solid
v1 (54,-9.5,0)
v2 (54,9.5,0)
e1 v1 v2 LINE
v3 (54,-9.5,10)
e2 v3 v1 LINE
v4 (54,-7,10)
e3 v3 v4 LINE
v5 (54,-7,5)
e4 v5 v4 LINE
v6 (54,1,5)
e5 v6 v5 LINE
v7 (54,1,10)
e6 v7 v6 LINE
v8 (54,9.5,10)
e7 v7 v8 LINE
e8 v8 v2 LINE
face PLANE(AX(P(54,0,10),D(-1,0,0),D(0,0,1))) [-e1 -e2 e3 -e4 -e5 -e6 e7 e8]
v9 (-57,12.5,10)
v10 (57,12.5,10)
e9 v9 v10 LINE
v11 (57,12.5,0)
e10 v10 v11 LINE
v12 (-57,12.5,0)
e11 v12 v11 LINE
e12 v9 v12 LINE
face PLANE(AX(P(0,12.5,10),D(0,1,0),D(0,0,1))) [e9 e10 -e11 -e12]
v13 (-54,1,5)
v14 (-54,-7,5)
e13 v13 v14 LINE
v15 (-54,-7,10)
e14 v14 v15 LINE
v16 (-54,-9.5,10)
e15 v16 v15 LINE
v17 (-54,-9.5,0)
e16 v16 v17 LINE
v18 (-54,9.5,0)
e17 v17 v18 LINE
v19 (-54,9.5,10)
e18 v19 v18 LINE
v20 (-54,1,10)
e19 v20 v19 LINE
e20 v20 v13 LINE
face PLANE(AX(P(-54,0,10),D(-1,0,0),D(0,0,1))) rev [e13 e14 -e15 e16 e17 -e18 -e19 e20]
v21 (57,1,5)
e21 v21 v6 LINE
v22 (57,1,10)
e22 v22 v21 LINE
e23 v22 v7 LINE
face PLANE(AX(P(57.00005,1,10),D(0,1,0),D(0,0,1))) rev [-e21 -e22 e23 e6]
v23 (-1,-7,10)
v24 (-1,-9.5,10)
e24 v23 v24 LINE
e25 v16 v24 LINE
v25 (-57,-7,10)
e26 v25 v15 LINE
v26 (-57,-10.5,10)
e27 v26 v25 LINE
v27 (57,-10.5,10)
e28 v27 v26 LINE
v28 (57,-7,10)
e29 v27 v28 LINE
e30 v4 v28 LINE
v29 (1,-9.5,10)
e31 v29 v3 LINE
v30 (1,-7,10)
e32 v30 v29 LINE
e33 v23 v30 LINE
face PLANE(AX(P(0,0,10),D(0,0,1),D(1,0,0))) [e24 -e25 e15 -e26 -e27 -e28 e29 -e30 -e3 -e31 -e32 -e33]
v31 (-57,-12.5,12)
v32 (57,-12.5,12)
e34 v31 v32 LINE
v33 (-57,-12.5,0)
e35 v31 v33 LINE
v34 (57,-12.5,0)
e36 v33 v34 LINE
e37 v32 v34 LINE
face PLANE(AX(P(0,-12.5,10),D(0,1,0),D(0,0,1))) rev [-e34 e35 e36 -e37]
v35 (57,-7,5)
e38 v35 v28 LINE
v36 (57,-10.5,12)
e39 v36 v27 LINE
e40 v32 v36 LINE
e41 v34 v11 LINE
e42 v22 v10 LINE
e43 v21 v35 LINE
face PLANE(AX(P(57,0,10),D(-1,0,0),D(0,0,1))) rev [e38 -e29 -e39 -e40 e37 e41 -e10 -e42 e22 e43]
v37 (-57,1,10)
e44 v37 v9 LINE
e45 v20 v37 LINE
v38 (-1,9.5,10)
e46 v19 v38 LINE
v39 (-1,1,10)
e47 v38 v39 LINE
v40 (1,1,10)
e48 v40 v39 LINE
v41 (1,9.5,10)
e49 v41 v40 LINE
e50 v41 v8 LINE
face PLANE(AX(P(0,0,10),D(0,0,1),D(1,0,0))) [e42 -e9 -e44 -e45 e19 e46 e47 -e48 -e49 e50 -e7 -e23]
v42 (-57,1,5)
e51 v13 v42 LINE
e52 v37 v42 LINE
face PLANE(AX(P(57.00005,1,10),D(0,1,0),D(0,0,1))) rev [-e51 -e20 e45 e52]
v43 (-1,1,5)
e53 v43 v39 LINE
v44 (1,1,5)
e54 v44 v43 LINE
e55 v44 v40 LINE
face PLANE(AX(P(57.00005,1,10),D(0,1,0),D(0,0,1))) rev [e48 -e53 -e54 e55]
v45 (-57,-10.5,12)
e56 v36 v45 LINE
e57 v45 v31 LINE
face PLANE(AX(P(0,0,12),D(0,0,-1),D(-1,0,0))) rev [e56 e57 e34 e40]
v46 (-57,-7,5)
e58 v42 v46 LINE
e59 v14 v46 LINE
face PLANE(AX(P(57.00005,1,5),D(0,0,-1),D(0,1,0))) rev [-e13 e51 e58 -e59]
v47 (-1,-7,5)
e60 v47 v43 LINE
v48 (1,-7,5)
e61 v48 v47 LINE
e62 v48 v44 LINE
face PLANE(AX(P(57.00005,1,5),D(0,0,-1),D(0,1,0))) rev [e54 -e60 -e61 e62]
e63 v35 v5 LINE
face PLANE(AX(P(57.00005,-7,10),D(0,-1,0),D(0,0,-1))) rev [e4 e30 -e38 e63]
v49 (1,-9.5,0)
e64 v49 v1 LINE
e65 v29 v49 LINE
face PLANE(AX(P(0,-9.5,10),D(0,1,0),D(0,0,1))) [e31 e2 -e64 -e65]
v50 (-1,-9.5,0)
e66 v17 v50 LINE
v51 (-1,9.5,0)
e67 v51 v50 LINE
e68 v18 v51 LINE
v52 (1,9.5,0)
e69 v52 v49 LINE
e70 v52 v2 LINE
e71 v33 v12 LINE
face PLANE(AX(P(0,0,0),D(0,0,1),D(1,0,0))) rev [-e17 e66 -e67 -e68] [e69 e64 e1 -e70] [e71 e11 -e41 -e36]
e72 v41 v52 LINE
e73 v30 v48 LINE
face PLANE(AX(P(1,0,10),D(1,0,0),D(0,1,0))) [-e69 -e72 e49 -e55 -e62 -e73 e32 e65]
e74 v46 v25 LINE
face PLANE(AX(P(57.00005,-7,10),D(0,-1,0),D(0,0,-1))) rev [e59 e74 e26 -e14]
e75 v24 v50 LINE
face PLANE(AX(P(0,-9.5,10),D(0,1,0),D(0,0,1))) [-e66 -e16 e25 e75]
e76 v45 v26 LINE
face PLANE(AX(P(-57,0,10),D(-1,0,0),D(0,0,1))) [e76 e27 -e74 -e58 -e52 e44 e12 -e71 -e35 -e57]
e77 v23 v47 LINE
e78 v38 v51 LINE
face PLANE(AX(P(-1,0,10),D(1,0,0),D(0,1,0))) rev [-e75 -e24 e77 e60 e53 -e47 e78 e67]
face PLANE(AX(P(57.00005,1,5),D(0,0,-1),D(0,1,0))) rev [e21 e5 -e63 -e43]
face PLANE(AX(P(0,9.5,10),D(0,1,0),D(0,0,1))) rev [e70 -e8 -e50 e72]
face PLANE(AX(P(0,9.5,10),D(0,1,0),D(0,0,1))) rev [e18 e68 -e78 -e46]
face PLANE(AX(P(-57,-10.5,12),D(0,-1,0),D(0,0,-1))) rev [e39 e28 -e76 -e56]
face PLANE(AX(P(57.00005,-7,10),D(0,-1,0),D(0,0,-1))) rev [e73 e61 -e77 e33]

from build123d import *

# Parameters (mm, degrees)
SKETCH1_W           = 114
SKETCH1_H           = 25
SKETCH1_W_2         = 53
SKETCH1_H_2         = 19
BOSS_EXTRUDE1_DEPTH = 10
SKETCH2_W           = 114
SKETCH2_H           = 2
BOSS_EXTRUDE2_DEPTH = 2
SKETCH3_W           = 5
SKETCH3_H           = 8
CUT_EXTRUDE1_DEPTH  = 116.309366489


with BuildPart() as part:
    # Sketch1 → Boss-Extrude1 (new body)
    with BuildSketch(Plane.XY):
        Rectangle(SKETCH1_W, SKETCH1_H)
        with Locations((27.5, 0)):
            Rectangle(SKETCH1_W_2, SKETCH1_H_2, mode=Mode.SUBTRACT)
        with Locations((-27.5, 0)):
            Rectangle(SKETCH1_W_2, SKETCH1_H_2, mode=Mode.SUBTRACT)
    extrude(amount=BOSS_EXTRUDE1_DEPTH)

    # Sketch2 → Boss-Extrude2 (add)
    with BuildSketch(Plane.XY.offset(10)):
        with Locations((0, -11.5)):
            Rectangle(SKETCH2_W, SKETCH2_H)
    extrude(amount=BOSS_EXTRUDE2_DEPTH)

    # Sketch3 → Cut-Extrude1 (cut, through all)
    with BuildSketch(Plane.ZY.offset(57)):
        with Locations((7.5, -3)):
            Rectangle(SKETCH3_W, SKETCH3_H)
    extrude(amount=-CUT_EXTRUDE1_DEPTH, mode=Mode.SUBTRACT)


solid = part.part
